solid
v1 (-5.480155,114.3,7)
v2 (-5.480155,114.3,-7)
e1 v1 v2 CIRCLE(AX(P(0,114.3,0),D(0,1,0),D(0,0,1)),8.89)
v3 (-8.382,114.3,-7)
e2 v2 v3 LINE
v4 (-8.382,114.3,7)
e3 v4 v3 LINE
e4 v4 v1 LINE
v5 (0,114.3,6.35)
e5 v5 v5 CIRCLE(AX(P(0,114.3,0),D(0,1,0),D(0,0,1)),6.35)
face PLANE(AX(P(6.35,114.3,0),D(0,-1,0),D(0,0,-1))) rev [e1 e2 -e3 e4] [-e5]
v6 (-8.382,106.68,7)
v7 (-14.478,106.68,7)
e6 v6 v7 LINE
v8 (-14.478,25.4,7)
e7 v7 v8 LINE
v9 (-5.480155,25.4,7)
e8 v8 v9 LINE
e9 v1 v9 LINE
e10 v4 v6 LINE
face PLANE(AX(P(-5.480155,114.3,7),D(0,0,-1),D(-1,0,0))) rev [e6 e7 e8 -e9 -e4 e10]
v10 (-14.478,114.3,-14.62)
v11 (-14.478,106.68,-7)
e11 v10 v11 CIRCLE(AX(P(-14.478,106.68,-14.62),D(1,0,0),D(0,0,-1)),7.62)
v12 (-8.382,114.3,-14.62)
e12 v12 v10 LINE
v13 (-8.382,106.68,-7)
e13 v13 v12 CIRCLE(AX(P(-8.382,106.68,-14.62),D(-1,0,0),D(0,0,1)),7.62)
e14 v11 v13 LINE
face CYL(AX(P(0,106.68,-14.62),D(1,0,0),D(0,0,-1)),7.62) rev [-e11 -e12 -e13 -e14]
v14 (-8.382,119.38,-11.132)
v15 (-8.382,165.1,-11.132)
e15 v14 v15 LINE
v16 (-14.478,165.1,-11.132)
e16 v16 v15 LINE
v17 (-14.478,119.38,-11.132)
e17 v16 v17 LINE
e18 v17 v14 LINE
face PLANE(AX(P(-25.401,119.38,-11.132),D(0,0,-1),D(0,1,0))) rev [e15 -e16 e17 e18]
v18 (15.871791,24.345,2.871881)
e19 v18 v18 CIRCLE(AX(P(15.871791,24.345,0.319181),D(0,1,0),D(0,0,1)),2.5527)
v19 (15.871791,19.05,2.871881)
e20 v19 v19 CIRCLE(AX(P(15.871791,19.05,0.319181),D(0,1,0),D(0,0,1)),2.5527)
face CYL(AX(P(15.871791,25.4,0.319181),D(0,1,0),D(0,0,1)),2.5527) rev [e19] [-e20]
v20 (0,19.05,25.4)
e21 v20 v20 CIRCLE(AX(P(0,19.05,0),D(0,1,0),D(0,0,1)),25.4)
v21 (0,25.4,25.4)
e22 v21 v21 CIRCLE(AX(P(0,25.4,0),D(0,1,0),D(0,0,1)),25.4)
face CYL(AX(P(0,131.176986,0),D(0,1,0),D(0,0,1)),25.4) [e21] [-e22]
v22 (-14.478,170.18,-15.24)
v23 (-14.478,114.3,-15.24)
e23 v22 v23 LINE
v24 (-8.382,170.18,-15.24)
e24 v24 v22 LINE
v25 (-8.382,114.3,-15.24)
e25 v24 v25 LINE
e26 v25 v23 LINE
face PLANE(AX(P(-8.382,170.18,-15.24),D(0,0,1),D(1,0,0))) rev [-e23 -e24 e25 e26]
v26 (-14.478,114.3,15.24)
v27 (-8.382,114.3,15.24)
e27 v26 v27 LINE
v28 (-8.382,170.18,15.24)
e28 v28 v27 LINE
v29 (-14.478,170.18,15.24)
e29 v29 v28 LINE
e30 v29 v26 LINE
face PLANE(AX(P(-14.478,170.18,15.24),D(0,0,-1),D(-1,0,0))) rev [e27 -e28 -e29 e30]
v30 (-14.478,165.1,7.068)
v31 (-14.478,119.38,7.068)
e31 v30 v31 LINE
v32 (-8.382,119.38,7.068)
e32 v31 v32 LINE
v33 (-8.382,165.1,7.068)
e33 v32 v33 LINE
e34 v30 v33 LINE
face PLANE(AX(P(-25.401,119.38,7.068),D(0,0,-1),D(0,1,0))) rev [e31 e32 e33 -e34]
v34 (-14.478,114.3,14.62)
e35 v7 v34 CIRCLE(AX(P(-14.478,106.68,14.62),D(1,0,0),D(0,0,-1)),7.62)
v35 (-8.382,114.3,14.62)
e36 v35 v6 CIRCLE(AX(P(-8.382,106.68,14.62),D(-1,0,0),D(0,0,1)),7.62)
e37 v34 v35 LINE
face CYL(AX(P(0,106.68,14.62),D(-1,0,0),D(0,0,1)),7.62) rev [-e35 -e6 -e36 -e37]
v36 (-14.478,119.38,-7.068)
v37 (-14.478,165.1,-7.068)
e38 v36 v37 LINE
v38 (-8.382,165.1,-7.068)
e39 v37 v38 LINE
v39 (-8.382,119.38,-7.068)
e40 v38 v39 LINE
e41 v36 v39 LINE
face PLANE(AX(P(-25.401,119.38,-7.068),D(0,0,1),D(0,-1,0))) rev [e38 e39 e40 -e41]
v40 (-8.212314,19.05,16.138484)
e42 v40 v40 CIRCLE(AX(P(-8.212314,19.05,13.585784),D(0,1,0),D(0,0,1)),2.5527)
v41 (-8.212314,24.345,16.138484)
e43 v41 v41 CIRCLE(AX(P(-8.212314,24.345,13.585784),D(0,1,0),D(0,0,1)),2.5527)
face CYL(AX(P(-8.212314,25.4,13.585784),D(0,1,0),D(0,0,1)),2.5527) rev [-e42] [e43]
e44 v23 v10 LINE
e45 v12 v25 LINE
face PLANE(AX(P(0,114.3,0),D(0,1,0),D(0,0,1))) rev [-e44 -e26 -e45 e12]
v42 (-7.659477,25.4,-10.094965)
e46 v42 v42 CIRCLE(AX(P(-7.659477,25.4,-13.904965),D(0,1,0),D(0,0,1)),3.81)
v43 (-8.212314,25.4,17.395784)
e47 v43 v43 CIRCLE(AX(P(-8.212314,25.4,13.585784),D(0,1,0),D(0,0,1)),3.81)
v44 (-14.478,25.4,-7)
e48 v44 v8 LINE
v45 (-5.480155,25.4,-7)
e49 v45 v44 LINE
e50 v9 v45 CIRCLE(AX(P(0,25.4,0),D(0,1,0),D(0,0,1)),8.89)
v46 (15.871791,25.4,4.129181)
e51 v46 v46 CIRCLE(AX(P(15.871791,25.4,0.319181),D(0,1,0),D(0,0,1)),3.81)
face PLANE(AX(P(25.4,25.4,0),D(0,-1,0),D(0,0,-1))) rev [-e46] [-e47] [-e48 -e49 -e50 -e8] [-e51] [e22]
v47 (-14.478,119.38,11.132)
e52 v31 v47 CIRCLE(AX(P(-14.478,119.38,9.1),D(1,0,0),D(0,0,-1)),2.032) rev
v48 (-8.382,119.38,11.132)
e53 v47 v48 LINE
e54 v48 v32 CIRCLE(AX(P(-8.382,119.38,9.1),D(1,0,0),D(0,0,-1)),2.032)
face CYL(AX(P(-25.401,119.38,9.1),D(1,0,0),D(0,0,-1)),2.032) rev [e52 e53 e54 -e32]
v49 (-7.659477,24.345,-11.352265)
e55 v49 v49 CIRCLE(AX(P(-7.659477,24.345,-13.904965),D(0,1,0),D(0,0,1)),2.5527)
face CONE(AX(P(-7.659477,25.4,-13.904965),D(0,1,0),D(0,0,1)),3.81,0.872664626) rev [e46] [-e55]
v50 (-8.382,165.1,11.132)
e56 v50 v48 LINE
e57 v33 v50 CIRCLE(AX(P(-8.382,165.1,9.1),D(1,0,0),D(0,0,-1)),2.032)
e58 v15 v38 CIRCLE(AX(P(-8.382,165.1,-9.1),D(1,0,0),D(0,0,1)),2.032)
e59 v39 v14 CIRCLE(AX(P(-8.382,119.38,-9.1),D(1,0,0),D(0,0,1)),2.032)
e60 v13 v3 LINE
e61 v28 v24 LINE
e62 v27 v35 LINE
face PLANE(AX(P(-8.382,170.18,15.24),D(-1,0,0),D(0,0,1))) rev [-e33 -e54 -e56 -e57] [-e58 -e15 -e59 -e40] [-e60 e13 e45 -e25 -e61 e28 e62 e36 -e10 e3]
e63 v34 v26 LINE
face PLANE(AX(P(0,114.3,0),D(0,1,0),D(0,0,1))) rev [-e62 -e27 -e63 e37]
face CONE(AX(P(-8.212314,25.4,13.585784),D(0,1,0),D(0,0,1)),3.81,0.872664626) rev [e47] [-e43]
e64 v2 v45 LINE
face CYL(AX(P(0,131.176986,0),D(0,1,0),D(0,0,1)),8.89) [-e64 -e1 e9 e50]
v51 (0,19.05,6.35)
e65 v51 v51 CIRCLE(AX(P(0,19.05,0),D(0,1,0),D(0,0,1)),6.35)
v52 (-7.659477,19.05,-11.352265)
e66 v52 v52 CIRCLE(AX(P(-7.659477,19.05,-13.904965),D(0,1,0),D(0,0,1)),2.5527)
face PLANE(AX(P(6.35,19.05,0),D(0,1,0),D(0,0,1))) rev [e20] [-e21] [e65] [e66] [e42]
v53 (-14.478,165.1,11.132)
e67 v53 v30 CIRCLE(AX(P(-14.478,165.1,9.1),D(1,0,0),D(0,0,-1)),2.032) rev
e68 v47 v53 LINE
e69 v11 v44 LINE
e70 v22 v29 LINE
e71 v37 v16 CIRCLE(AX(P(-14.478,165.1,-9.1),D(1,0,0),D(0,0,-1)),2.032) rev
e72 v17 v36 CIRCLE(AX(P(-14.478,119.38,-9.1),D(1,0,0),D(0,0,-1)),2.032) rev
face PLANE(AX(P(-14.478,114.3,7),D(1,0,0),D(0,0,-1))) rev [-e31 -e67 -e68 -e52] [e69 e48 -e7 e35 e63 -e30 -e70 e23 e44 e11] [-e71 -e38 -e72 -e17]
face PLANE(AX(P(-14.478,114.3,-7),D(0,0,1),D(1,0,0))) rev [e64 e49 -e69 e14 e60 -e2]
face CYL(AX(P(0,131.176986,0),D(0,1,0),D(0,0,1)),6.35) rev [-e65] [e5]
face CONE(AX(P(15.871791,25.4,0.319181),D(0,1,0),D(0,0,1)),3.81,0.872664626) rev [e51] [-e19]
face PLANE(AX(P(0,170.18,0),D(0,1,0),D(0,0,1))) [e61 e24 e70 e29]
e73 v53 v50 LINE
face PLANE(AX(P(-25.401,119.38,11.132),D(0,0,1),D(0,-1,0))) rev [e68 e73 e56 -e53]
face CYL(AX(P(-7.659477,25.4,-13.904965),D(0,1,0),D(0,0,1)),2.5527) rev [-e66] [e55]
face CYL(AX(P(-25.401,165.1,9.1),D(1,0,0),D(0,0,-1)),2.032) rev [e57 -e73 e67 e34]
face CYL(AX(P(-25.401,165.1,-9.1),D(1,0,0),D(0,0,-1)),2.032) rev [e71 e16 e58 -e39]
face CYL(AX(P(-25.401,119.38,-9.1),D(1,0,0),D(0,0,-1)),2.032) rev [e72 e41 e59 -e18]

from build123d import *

# Parameters (mm, degrees)
F_1_4_20_TAPPED_HOLE1_D           = 5.1054
F_1_4_20_TAPPED_HOLE1_CSINK_D     = 7.62
F_1_4_20_TAPPED_HOLE1_CSINK_ANGLE = 100
BOSS_EXTRUDE1_DEPTH               = 88.9
SKETCH13_W                        = 6.096
SKETCH13_H                        = 30.48
BOSS_EXTRUDE2_DEPTH               = 55.88
CUT_EXTRUDE1_REACH                = 19.018
FILLET1_R                         = 7.62


with BuildPart() as part:
    # Sketch1 → Revolve1 (revolve)
    with BuildSketch(Plane.XY):
        Polygon((6.35, 19.05), (25.4, 19.05), (25.4, 25.4), (8.89, 25.4), (8.89, 114.3), (6.35, 114.3), align=None)
    revolve(axis=Axis((0, 131.17698584, 0), (0, -1, 0)))

    # 1/4-20 Tapped Hole1 (through all)
    with Locations(Plane(origin=(0, 25.4, 0), x_dir=(1, 0, 0), z_dir=(0, 1, 0))):
        with Locations((-8.212314406, -13.58578364), (-7.659476559, 13.904964719), (15.871790965, -0.319181079)):
            CounterSinkHole(F_1_4_20_TAPPED_HOLE1_D / 2, F_1_4_20_TAPPED_HOLE1_CSINK_D / 2, counter_sink_angle=F_1_4_20_TAPPED_HOLE1_CSINK_ANGLE)

    # Sketch12 → Boss-Extrude1 (add)
    with BuildSketch(Plane(origin=(0, 25.4, 0), x_dir=(1, 0, 0), z_dir=(0, 1, 0))):
        with BuildLine():
            Line((-5.480155107, -7), (-14.478, -7))
            Line((-14.478, -7), (-14.478, 7))
            Line((-14.478, 7), (-5.480155107, 7))
            ThreePointArc((-5.480155107, 7), (-8.89, 0), (-5.480155107, -7))
        make_face()
    extrude(amount=BOSS_EXTRUDE1_DEPTH)

    # Sketch13 → Boss-Extrude2 (add)
    with BuildSketch(Plane(origin=(0, 114.3, 0), x_dir=(1, 0, 0), z_dir=(0, 1, 0))):
        with Locations((-11.43, 0)):
            Rectangle(SKETCH13_W, SKETCH13_H)
    extrude(amount=BOSS_EXTRUDE2_DEPTH)

    # Sketch15 → Cut-Extrude1 (cut, up to next)
    with BuildSketch(Plane(origin=(-8.382, 0, 0), x_dir=(0, 0, -1), z_dir=(1, 0, 0)), mode=Mode.PRIVATE) as cut_extrude1_sk1:
        with BuildLine():
            Line((-11.132, 119.38), (-11.132, 165.1))
            ThreePointArc((-11.132, 165.1), (-9.1, 167.132), (-7.068, 165.1))
            Line((-7.068, 165.1), (-7.068, 119.38))
            ThreePointArc((-7.068, 119.38), (-9.1, 117.348), (-11.132, 119.38))
        make_face()
    cut_extrude1_tool1 = extrude(cut_extrude1_sk1.sketch, amount=-CUT_EXTRUDE1_REACH, mode=Mode.PRIVATE) & part.part
    add(cut_extrude1_tool1.solids().sort_by_distance((-8.382, 142.24, 9.1))[0], mode=Mode.SUBTRACT)
    # Sketch15 → Cut-Extrude1 (cut, up to next)
    with BuildSketch(Plane(origin=(-8.382, 0, 0), x_dir=(0, 0, -1), z_dir=(1, 0, 0)), mode=Mode.PRIVATE) as cut_extrude1_sk2:
        with BuildLine():
            Line((11.132, 119.38), (11.132, 165.1))
            ThreePointArc((11.132, 165.1), (9.1, 167.132), (7.068, 165.1))
            Line((7.068, 165.1), (7.068, 119.38))
            ThreePointArc((7.068, 119.38), (9.1, 117.348), (11.132, 119.38))
        make_face()
    cut_extrude1_tool2 = extrude(cut_extrude1_sk2.sketch, amount=-CUT_EXTRUDE1_REACH, mode=Mode.PRIVATE) & part.part
    add(cut_extrude1_tool2.solids().sort_by_distance((-8.382, 142.24, -9.1))[0], mode=Mode.SUBTRACT)

    # Fillet1
    fillet1_edges = [part.edges().sort_by_distance(p)[0] for p in [
        (-11.43, 114.3, 7),
        (-11.43, 114.3, -7),
    ]]
    fillet(fillet1_edges, radius=FILLET1_R)


solid = part.part
